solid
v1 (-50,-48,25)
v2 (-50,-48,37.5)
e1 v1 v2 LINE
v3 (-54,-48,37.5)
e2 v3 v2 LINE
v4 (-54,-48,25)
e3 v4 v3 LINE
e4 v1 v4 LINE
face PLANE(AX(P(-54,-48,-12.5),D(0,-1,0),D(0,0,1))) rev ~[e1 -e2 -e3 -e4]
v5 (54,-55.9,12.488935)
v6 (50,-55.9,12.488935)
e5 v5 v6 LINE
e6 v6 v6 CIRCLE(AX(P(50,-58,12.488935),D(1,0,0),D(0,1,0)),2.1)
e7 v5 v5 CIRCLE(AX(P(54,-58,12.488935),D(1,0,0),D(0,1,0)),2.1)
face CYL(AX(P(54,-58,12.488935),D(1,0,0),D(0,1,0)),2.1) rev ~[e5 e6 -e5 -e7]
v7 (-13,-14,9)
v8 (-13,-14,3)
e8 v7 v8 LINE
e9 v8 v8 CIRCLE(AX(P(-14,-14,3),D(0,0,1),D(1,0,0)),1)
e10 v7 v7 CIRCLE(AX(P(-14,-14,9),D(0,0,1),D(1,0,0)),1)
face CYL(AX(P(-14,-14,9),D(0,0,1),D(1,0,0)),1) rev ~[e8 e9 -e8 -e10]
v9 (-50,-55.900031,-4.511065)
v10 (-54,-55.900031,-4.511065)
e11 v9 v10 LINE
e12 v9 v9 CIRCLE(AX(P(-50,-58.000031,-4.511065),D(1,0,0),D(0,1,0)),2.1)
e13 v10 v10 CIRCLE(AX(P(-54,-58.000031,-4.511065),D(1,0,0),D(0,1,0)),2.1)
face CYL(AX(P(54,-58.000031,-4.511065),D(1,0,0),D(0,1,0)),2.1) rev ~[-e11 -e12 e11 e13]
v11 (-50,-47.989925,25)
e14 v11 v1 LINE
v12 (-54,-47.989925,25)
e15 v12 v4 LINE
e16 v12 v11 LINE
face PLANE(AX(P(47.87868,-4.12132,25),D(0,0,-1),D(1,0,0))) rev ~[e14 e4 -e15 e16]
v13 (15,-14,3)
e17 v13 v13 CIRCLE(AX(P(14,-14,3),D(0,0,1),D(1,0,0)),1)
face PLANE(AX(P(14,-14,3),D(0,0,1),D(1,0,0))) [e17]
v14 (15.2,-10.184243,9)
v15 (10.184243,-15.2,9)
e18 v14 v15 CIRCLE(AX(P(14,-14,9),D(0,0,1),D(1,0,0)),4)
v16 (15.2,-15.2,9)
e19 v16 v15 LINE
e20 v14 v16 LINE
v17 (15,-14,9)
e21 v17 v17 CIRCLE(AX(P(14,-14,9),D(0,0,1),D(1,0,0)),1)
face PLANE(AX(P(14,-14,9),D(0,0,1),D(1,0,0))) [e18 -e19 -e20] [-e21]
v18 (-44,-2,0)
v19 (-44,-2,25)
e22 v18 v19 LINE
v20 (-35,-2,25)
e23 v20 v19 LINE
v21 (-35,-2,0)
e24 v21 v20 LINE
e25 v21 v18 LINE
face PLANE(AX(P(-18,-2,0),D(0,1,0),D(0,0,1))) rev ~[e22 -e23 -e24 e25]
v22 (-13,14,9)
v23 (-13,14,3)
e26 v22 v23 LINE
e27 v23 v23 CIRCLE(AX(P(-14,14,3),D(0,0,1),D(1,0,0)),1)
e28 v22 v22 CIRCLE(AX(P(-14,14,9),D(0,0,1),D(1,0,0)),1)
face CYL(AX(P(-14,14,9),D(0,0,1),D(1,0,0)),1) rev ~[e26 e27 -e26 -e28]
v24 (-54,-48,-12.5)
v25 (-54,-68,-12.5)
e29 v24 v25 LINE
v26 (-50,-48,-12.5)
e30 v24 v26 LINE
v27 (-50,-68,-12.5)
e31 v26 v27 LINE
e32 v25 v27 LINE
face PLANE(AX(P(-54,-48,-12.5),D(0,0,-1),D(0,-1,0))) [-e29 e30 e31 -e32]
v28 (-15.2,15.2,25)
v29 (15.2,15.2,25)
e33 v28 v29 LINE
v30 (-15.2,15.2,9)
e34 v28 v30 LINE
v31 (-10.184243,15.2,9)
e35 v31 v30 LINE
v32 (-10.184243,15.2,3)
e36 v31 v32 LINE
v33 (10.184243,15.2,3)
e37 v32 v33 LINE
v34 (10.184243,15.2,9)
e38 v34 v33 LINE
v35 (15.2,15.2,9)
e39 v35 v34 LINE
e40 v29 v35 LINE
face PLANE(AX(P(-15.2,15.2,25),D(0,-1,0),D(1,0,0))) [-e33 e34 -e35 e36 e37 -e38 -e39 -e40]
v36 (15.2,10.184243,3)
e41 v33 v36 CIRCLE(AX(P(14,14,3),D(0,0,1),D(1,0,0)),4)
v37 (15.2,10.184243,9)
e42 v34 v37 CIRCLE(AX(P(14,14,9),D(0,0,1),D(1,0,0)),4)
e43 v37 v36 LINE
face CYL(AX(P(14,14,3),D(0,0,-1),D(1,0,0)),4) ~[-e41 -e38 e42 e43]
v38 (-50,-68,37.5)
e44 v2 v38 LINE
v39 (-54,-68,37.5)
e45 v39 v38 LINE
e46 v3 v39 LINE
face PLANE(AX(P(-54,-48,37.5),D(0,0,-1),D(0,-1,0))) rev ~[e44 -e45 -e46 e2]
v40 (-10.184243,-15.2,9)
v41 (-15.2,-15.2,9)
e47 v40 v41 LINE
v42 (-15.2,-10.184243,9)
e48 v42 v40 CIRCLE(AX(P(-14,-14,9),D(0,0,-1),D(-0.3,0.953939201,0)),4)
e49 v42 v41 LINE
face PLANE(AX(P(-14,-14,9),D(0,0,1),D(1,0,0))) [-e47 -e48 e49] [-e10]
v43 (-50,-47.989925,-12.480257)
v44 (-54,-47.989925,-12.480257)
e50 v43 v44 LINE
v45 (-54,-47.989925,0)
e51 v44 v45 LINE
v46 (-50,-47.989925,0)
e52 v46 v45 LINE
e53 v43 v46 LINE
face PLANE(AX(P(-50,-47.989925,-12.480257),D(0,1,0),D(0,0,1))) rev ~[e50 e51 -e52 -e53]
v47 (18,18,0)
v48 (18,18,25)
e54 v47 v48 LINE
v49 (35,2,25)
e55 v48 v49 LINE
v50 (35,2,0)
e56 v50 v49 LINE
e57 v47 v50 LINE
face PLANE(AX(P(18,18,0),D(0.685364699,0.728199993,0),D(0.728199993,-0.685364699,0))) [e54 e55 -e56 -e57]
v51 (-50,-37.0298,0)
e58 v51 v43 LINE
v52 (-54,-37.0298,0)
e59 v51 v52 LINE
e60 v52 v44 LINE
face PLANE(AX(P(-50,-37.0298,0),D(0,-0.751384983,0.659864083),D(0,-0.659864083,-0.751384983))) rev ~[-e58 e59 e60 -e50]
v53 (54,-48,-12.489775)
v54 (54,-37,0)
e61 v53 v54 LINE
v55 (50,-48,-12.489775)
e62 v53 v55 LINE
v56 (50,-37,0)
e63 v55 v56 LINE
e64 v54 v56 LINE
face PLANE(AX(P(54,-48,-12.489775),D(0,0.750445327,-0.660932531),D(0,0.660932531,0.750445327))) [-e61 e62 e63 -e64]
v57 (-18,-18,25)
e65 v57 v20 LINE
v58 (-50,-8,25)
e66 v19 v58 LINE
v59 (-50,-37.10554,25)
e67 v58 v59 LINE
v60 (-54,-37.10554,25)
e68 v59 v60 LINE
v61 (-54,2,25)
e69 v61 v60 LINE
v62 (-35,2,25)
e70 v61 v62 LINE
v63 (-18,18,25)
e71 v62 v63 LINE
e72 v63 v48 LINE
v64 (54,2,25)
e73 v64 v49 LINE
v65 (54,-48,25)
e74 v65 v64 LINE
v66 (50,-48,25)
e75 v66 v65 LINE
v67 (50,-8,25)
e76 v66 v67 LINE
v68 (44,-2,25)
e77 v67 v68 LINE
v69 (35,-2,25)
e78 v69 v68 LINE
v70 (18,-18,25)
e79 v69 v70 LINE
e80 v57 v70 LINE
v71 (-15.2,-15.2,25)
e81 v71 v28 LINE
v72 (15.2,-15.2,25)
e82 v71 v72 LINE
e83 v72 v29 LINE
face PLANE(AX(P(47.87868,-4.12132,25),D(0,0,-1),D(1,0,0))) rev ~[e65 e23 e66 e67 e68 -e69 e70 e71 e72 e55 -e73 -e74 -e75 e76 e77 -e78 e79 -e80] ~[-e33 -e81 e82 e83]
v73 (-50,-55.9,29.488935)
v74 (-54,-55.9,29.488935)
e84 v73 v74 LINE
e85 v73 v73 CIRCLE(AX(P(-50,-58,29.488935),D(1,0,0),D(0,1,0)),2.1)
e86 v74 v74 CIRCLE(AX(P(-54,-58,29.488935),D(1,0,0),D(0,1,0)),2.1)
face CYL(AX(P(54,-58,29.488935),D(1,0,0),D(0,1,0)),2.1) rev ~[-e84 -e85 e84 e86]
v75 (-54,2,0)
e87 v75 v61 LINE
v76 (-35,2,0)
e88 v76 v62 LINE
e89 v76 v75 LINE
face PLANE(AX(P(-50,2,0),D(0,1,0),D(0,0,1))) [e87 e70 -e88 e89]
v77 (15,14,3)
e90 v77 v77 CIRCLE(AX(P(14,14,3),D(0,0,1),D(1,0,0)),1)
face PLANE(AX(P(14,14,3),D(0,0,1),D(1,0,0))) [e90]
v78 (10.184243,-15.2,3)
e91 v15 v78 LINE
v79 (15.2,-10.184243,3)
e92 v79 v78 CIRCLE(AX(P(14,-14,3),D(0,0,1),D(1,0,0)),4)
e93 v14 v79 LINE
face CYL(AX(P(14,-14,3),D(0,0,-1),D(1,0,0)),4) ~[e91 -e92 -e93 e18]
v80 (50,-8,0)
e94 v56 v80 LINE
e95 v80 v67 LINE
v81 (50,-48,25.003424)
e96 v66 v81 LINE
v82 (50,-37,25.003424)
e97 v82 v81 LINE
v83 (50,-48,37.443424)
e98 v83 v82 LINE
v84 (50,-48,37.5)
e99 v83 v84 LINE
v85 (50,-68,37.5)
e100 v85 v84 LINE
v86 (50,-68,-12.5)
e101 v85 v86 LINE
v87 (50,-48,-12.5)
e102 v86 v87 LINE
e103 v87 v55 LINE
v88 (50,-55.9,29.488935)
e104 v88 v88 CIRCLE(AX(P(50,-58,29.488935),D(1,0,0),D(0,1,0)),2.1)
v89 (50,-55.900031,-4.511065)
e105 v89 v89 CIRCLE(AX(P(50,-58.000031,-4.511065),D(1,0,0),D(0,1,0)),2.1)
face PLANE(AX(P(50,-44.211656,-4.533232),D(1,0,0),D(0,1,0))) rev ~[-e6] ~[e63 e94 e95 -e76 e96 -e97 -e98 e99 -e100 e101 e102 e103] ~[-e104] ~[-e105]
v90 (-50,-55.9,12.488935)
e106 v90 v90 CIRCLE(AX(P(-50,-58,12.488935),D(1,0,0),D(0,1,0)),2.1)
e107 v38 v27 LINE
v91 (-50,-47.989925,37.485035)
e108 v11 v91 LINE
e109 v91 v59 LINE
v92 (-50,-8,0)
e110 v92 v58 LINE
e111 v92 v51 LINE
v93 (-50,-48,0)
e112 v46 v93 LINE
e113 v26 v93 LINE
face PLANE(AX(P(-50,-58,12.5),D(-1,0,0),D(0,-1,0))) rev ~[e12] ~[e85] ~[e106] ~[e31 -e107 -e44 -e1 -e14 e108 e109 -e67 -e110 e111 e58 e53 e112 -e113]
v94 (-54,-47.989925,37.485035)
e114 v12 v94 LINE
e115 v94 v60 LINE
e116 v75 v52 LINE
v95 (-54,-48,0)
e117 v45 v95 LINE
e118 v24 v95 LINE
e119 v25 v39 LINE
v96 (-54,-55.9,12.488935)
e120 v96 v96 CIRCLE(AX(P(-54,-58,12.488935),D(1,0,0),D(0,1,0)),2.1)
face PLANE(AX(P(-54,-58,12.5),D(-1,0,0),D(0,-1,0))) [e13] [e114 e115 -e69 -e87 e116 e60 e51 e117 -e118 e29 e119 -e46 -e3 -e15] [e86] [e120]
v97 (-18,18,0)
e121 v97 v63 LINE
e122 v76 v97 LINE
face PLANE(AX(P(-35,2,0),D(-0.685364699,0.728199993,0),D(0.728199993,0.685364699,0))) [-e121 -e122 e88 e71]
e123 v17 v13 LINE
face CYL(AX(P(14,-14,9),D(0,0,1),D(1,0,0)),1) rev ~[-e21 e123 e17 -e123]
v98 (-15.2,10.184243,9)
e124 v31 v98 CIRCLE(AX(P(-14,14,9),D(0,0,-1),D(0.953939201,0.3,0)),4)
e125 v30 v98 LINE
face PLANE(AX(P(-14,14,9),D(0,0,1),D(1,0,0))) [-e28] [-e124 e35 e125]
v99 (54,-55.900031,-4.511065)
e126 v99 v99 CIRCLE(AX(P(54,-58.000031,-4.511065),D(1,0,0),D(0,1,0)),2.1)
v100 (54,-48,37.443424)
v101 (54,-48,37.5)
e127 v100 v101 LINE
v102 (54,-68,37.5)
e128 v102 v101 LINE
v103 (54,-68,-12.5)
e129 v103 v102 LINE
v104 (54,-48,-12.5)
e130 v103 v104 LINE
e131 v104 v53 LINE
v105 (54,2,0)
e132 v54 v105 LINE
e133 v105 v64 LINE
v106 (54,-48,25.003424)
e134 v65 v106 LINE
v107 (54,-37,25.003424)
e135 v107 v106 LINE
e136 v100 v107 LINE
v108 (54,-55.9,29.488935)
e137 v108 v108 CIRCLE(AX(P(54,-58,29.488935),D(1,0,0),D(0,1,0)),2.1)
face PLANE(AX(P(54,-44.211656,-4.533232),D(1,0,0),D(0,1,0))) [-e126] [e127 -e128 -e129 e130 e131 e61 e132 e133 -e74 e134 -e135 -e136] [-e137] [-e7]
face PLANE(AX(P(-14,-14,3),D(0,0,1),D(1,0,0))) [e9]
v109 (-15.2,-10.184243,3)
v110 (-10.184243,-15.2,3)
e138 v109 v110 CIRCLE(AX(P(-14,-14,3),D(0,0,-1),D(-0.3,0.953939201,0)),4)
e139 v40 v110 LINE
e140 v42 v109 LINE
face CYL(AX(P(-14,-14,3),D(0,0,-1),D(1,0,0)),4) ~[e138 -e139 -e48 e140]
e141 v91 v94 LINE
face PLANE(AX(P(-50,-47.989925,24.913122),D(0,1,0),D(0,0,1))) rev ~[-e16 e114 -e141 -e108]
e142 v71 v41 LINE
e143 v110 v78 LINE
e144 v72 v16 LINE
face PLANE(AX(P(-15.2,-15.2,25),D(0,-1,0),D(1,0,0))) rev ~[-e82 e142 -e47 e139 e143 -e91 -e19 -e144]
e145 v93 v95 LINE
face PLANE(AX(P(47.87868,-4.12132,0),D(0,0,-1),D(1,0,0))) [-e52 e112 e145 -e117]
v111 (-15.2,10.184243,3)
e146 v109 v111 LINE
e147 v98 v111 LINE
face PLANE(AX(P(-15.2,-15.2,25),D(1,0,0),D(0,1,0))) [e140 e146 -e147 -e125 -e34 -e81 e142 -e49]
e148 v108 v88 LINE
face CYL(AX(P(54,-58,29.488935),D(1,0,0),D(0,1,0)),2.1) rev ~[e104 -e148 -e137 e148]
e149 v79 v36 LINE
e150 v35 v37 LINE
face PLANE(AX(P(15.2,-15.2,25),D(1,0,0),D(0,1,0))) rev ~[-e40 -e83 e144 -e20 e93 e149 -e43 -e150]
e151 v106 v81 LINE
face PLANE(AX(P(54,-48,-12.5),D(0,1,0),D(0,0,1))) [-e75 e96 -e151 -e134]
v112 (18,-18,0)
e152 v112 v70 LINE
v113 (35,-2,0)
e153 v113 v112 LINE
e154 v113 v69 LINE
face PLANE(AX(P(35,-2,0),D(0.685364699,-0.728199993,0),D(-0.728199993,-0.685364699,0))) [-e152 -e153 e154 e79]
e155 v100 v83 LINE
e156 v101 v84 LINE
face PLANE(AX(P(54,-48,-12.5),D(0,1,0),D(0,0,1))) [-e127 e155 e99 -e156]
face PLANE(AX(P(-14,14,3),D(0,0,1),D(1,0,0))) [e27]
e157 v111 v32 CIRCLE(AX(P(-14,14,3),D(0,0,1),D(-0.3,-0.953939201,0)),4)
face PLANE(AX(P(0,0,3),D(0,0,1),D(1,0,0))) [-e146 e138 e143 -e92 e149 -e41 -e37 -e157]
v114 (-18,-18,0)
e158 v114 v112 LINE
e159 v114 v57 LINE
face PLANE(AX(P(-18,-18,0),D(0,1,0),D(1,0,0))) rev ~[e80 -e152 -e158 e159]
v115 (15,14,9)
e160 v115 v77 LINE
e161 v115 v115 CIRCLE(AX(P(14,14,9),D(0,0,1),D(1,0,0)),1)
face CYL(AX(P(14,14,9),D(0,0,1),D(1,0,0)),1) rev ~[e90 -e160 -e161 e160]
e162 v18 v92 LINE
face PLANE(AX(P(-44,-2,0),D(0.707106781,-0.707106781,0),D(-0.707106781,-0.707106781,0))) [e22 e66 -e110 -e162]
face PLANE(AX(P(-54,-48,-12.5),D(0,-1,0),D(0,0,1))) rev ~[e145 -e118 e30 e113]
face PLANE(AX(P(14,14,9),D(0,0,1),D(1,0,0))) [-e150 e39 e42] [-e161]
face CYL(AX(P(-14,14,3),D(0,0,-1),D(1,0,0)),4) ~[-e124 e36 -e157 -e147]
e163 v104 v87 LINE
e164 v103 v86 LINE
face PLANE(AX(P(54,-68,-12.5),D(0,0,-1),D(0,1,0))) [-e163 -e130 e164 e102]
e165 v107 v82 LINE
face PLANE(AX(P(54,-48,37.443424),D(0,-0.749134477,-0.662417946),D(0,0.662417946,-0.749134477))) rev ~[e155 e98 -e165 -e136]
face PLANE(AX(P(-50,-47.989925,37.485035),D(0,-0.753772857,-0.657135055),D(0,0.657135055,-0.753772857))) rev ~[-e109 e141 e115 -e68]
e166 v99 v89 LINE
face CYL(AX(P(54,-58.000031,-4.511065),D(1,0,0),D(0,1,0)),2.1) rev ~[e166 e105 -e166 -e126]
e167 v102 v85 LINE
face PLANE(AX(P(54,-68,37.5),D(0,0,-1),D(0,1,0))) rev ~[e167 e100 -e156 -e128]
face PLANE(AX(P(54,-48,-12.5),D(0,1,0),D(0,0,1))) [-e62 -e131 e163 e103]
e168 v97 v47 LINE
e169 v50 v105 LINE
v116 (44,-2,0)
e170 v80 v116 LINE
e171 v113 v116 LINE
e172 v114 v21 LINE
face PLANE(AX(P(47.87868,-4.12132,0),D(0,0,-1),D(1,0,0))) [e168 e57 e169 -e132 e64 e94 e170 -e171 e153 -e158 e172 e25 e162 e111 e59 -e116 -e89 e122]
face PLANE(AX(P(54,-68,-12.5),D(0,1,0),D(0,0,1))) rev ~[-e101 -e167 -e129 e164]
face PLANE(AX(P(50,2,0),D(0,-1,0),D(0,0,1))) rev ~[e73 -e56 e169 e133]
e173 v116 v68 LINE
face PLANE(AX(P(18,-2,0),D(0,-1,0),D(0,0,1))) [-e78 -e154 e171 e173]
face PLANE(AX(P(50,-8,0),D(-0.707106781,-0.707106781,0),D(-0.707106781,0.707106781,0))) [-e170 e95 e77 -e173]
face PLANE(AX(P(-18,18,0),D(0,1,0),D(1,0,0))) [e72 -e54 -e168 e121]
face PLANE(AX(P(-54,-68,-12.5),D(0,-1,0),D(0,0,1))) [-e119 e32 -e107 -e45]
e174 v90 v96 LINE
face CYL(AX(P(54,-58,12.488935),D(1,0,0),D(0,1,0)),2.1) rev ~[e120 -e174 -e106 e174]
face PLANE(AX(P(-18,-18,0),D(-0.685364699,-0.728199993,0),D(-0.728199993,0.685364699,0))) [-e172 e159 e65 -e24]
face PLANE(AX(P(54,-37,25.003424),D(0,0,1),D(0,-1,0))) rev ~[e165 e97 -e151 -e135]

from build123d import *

# Parameters (mm, degrees)
SKETCH_W        = 36
SKETCH_H        = 36
PAD_DEPTH       = 25
SKETCH001_W     = 30.4
SKETCH001_H     = 30.4
POCKET_DEPTH    = 22
SKETCH002_R     = 4
PAD001_DEPTH    = 6
SKETCH003_R     = 1
POCKET001_DEPTH = 6
SKETCH004_W     = 4
SKETCH004_H     = 25
PAD002_DEPTH    = 32
SKETCH005_W     = 4
SKETCH005_H     = 25
PAD003_DEPTH    = 32
SKETCH006_W     = 70
SKETCH006_H     = 25
PAD004_DEPTH    = 4
SKETCH007_W     = 70
SKETCH007_H     = 25
PAD005_DEPTH    = 4
PAD006_DEPTH    = 25
PAD007_DEPTH    = 25
SKETCH010_W     = 20
SKETCH010_H     = 50
PAD008_DEPTH    = 4
SKETCH011_W     = 20
SKETCH011_H     = 50
PAD009_DEPTH    = 4
SKETCH012_R     = 2.1
POCKET002_DEPTH = 120
PAD010_DEPTH    = 4
PAD011_DEPTH    = 4


with BuildPart() as part:
    # Sketch → Pad (new body)
    with BuildSketch(Plane.XY):
        Rectangle(SKETCH_W, SKETCH_H)
    extrude(amount=PAD_DEPTH)

    # Sketch001 (on Face6 of Pad) → Pocket (cut)
    with BuildSketch(Plane.XY.offset(25)):
        Rectangle(SKETCH001_W, SKETCH001_H)
    extrude(amount=-POCKET_DEPTH, mode=Mode.SUBTRACT)

    # Sketch002 (on Face11 of Pocket) → Pad001 (join)
    with BuildSketch(Plane.XY.offset(3)):
        with Locations((-14, 14)):
            Circle(SKETCH002_R)
        with Locations((14, 14)):
            Circle(SKETCH002_R)
        with Locations((14, -14)):
            Circle(SKETCH002_R)
        with Locations((-14, -14)):
            Circle(SKETCH002_R)
    extrude(amount=PAD001_DEPTH)

    # Sketch003 (on DatumPlane) → Pocket001 (cut)
    with BuildSketch(Plane.XY.offset(9)):
        with Locations((-14, -14)):
            Circle(SKETCH003_R)
        with Locations((14, -14)):
            Circle(SKETCH003_R)
        with Locations((14, 14)):
            Circle(SKETCH003_R)
        with Locations((-14, 14)):
            Circle(SKETCH003_R)
    extrude(amount=-POCKET001_DEPTH, mode=Mode.SUBTRACT)

    # Sketch004 (on DatumPlane) → Pad002 (join)
    with BuildSketch(Plane.YZ.offset(18)):
        with Locations((0, 12.5)):
            Rectangle(SKETCH004_W, SKETCH004_H)
    extrude(amount=PAD002_DEPTH)

    # Sketch005 (on DatumPlane) → Pad003 (join)
    with BuildSketch(Plane(origin=(-18, 0, 0), x_dir=(0, -1, 0), z_dir=(-1, 0, 0))):
        with Locations((0, 12.5)):
            Rectangle(SKETCH005_W, SKETCH005_H)
    extrude(amount=PAD003_DEPTH)

    # Sketch006 (on DatumPlane) → Pad004 (join)
    with BuildSketch(Plane(origin=(-50, 0, 0), x_dir=(0, -1, 0), z_dir=(-1, 0, 0))):
        with Locations((33, 12.5)):
            Rectangle(SKETCH006_W, SKETCH006_H)
    extrude(amount=PAD004_DEPTH)

    # Sketch007 (on DatumPlane) → Pad005 (join)
    with BuildSketch(Plane.YZ.offset(50)):
        with Locations((-33, 12.5)):
            Rectangle(SKETCH007_W, SKETCH007_H)
    extrude(amount=PAD005_DEPTH)

    # Sketch008 (on DatumPlane) → Pad006 (join)
    with BuildSketch(Plane(origin=(0, 0, 0), x_dir=(1, 0, 0), z_dir=(0, 0, -1))):
        Polygon((18, 18), (18, 2), (35, 2), align=None)
        Polygon((18, -2), (18, -18), (35, -2), align=None)
        Polygon((-18, -18), (-18, -2), (-35, -2), align=None)
        Polygon((-18, 2), (-18, 18), (-35, 2), align=None)
    extrude(amount=-PAD006_DEPTH)

    # Sketch009 (on DatumPlane) → Pad007 (join)
    with BuildSketch(Plane(origin=(0, 0, 0), x_dir=(1, 0, 0), z_dir=(0, 0, -1))):
        Polygon((50, 2), (50, 8), (44, 2), align=None)
        Polygon((-50, 2), (-44, 2), (-50, 8), align=None)
    extrude(amount=-PAD007_DEPTH)

    # Sketch010 (on DatumPlane) → Pad008 (join)
    with BuildSketch(Plane.YZ.offset(54)):
        with Locations((-58, 12.5)):
            Rectangle(SKETCH010_W, SKETCH010_H)
    extrude(amount=-PAD008_DEPTH)

    # Sketch011 (on DatumPlane) → Pad009 (join)
    with BuildSketch(Plane(origin=(-54, 0, 0), x_dir=(0, -1, 0), z_dir=(-1, 0, 0))):
        with Locations((58, 12.5)):
            Rectangle(SKETCH011_W, SKETCH011_H)
    extrude(amount=-PAD009_DEPTH)

    # Sketch012 (on DatumPlane) → Pocket002 (cut)
    with BuildSketch(Plane.YZ.offset(54)):
        with Locations((-58, 29.488935)):
            Circle(SKETCH012_R)
        with Locations((-58, 12.488935)):
            Circle(SKETCH012_R)
        with Locations((-58.000031, -4.511065)):
            Circle(SKETCH012_R)
    extrude(amount=-POCKET002_DEPTH, mode=Mode.SUBTRACT)

    # Sketch013 (on DatumPlane) → Pad010 (join)
    with BuildSketch(Plane.YZ.offset(54)):
        Polygon((-48, 25.003424), (-48, 37.443424), (-37, 25.003424), align=None)
        Polygon((-48, 0), (-48, -12.489775), (-37, 0), align=None)
    extrude(amount=-PAD010_DEPTH)

    # Sketch014 (on DatumPlane) → Pad011 (join)
    with BuildSketch(Plane.YZ.offset(-50)):
        Polygon((-47.989925, 24.913122), (-47.989925, 37.485035), (-37.0298, 24.913122), align=None)
        Polygon((-47.989925, -12.480257), (-47.989925, 0), (-37.0298, 0), align=None)
    extrude(amount=-PAD011_DEPTH)


solid = part.part
